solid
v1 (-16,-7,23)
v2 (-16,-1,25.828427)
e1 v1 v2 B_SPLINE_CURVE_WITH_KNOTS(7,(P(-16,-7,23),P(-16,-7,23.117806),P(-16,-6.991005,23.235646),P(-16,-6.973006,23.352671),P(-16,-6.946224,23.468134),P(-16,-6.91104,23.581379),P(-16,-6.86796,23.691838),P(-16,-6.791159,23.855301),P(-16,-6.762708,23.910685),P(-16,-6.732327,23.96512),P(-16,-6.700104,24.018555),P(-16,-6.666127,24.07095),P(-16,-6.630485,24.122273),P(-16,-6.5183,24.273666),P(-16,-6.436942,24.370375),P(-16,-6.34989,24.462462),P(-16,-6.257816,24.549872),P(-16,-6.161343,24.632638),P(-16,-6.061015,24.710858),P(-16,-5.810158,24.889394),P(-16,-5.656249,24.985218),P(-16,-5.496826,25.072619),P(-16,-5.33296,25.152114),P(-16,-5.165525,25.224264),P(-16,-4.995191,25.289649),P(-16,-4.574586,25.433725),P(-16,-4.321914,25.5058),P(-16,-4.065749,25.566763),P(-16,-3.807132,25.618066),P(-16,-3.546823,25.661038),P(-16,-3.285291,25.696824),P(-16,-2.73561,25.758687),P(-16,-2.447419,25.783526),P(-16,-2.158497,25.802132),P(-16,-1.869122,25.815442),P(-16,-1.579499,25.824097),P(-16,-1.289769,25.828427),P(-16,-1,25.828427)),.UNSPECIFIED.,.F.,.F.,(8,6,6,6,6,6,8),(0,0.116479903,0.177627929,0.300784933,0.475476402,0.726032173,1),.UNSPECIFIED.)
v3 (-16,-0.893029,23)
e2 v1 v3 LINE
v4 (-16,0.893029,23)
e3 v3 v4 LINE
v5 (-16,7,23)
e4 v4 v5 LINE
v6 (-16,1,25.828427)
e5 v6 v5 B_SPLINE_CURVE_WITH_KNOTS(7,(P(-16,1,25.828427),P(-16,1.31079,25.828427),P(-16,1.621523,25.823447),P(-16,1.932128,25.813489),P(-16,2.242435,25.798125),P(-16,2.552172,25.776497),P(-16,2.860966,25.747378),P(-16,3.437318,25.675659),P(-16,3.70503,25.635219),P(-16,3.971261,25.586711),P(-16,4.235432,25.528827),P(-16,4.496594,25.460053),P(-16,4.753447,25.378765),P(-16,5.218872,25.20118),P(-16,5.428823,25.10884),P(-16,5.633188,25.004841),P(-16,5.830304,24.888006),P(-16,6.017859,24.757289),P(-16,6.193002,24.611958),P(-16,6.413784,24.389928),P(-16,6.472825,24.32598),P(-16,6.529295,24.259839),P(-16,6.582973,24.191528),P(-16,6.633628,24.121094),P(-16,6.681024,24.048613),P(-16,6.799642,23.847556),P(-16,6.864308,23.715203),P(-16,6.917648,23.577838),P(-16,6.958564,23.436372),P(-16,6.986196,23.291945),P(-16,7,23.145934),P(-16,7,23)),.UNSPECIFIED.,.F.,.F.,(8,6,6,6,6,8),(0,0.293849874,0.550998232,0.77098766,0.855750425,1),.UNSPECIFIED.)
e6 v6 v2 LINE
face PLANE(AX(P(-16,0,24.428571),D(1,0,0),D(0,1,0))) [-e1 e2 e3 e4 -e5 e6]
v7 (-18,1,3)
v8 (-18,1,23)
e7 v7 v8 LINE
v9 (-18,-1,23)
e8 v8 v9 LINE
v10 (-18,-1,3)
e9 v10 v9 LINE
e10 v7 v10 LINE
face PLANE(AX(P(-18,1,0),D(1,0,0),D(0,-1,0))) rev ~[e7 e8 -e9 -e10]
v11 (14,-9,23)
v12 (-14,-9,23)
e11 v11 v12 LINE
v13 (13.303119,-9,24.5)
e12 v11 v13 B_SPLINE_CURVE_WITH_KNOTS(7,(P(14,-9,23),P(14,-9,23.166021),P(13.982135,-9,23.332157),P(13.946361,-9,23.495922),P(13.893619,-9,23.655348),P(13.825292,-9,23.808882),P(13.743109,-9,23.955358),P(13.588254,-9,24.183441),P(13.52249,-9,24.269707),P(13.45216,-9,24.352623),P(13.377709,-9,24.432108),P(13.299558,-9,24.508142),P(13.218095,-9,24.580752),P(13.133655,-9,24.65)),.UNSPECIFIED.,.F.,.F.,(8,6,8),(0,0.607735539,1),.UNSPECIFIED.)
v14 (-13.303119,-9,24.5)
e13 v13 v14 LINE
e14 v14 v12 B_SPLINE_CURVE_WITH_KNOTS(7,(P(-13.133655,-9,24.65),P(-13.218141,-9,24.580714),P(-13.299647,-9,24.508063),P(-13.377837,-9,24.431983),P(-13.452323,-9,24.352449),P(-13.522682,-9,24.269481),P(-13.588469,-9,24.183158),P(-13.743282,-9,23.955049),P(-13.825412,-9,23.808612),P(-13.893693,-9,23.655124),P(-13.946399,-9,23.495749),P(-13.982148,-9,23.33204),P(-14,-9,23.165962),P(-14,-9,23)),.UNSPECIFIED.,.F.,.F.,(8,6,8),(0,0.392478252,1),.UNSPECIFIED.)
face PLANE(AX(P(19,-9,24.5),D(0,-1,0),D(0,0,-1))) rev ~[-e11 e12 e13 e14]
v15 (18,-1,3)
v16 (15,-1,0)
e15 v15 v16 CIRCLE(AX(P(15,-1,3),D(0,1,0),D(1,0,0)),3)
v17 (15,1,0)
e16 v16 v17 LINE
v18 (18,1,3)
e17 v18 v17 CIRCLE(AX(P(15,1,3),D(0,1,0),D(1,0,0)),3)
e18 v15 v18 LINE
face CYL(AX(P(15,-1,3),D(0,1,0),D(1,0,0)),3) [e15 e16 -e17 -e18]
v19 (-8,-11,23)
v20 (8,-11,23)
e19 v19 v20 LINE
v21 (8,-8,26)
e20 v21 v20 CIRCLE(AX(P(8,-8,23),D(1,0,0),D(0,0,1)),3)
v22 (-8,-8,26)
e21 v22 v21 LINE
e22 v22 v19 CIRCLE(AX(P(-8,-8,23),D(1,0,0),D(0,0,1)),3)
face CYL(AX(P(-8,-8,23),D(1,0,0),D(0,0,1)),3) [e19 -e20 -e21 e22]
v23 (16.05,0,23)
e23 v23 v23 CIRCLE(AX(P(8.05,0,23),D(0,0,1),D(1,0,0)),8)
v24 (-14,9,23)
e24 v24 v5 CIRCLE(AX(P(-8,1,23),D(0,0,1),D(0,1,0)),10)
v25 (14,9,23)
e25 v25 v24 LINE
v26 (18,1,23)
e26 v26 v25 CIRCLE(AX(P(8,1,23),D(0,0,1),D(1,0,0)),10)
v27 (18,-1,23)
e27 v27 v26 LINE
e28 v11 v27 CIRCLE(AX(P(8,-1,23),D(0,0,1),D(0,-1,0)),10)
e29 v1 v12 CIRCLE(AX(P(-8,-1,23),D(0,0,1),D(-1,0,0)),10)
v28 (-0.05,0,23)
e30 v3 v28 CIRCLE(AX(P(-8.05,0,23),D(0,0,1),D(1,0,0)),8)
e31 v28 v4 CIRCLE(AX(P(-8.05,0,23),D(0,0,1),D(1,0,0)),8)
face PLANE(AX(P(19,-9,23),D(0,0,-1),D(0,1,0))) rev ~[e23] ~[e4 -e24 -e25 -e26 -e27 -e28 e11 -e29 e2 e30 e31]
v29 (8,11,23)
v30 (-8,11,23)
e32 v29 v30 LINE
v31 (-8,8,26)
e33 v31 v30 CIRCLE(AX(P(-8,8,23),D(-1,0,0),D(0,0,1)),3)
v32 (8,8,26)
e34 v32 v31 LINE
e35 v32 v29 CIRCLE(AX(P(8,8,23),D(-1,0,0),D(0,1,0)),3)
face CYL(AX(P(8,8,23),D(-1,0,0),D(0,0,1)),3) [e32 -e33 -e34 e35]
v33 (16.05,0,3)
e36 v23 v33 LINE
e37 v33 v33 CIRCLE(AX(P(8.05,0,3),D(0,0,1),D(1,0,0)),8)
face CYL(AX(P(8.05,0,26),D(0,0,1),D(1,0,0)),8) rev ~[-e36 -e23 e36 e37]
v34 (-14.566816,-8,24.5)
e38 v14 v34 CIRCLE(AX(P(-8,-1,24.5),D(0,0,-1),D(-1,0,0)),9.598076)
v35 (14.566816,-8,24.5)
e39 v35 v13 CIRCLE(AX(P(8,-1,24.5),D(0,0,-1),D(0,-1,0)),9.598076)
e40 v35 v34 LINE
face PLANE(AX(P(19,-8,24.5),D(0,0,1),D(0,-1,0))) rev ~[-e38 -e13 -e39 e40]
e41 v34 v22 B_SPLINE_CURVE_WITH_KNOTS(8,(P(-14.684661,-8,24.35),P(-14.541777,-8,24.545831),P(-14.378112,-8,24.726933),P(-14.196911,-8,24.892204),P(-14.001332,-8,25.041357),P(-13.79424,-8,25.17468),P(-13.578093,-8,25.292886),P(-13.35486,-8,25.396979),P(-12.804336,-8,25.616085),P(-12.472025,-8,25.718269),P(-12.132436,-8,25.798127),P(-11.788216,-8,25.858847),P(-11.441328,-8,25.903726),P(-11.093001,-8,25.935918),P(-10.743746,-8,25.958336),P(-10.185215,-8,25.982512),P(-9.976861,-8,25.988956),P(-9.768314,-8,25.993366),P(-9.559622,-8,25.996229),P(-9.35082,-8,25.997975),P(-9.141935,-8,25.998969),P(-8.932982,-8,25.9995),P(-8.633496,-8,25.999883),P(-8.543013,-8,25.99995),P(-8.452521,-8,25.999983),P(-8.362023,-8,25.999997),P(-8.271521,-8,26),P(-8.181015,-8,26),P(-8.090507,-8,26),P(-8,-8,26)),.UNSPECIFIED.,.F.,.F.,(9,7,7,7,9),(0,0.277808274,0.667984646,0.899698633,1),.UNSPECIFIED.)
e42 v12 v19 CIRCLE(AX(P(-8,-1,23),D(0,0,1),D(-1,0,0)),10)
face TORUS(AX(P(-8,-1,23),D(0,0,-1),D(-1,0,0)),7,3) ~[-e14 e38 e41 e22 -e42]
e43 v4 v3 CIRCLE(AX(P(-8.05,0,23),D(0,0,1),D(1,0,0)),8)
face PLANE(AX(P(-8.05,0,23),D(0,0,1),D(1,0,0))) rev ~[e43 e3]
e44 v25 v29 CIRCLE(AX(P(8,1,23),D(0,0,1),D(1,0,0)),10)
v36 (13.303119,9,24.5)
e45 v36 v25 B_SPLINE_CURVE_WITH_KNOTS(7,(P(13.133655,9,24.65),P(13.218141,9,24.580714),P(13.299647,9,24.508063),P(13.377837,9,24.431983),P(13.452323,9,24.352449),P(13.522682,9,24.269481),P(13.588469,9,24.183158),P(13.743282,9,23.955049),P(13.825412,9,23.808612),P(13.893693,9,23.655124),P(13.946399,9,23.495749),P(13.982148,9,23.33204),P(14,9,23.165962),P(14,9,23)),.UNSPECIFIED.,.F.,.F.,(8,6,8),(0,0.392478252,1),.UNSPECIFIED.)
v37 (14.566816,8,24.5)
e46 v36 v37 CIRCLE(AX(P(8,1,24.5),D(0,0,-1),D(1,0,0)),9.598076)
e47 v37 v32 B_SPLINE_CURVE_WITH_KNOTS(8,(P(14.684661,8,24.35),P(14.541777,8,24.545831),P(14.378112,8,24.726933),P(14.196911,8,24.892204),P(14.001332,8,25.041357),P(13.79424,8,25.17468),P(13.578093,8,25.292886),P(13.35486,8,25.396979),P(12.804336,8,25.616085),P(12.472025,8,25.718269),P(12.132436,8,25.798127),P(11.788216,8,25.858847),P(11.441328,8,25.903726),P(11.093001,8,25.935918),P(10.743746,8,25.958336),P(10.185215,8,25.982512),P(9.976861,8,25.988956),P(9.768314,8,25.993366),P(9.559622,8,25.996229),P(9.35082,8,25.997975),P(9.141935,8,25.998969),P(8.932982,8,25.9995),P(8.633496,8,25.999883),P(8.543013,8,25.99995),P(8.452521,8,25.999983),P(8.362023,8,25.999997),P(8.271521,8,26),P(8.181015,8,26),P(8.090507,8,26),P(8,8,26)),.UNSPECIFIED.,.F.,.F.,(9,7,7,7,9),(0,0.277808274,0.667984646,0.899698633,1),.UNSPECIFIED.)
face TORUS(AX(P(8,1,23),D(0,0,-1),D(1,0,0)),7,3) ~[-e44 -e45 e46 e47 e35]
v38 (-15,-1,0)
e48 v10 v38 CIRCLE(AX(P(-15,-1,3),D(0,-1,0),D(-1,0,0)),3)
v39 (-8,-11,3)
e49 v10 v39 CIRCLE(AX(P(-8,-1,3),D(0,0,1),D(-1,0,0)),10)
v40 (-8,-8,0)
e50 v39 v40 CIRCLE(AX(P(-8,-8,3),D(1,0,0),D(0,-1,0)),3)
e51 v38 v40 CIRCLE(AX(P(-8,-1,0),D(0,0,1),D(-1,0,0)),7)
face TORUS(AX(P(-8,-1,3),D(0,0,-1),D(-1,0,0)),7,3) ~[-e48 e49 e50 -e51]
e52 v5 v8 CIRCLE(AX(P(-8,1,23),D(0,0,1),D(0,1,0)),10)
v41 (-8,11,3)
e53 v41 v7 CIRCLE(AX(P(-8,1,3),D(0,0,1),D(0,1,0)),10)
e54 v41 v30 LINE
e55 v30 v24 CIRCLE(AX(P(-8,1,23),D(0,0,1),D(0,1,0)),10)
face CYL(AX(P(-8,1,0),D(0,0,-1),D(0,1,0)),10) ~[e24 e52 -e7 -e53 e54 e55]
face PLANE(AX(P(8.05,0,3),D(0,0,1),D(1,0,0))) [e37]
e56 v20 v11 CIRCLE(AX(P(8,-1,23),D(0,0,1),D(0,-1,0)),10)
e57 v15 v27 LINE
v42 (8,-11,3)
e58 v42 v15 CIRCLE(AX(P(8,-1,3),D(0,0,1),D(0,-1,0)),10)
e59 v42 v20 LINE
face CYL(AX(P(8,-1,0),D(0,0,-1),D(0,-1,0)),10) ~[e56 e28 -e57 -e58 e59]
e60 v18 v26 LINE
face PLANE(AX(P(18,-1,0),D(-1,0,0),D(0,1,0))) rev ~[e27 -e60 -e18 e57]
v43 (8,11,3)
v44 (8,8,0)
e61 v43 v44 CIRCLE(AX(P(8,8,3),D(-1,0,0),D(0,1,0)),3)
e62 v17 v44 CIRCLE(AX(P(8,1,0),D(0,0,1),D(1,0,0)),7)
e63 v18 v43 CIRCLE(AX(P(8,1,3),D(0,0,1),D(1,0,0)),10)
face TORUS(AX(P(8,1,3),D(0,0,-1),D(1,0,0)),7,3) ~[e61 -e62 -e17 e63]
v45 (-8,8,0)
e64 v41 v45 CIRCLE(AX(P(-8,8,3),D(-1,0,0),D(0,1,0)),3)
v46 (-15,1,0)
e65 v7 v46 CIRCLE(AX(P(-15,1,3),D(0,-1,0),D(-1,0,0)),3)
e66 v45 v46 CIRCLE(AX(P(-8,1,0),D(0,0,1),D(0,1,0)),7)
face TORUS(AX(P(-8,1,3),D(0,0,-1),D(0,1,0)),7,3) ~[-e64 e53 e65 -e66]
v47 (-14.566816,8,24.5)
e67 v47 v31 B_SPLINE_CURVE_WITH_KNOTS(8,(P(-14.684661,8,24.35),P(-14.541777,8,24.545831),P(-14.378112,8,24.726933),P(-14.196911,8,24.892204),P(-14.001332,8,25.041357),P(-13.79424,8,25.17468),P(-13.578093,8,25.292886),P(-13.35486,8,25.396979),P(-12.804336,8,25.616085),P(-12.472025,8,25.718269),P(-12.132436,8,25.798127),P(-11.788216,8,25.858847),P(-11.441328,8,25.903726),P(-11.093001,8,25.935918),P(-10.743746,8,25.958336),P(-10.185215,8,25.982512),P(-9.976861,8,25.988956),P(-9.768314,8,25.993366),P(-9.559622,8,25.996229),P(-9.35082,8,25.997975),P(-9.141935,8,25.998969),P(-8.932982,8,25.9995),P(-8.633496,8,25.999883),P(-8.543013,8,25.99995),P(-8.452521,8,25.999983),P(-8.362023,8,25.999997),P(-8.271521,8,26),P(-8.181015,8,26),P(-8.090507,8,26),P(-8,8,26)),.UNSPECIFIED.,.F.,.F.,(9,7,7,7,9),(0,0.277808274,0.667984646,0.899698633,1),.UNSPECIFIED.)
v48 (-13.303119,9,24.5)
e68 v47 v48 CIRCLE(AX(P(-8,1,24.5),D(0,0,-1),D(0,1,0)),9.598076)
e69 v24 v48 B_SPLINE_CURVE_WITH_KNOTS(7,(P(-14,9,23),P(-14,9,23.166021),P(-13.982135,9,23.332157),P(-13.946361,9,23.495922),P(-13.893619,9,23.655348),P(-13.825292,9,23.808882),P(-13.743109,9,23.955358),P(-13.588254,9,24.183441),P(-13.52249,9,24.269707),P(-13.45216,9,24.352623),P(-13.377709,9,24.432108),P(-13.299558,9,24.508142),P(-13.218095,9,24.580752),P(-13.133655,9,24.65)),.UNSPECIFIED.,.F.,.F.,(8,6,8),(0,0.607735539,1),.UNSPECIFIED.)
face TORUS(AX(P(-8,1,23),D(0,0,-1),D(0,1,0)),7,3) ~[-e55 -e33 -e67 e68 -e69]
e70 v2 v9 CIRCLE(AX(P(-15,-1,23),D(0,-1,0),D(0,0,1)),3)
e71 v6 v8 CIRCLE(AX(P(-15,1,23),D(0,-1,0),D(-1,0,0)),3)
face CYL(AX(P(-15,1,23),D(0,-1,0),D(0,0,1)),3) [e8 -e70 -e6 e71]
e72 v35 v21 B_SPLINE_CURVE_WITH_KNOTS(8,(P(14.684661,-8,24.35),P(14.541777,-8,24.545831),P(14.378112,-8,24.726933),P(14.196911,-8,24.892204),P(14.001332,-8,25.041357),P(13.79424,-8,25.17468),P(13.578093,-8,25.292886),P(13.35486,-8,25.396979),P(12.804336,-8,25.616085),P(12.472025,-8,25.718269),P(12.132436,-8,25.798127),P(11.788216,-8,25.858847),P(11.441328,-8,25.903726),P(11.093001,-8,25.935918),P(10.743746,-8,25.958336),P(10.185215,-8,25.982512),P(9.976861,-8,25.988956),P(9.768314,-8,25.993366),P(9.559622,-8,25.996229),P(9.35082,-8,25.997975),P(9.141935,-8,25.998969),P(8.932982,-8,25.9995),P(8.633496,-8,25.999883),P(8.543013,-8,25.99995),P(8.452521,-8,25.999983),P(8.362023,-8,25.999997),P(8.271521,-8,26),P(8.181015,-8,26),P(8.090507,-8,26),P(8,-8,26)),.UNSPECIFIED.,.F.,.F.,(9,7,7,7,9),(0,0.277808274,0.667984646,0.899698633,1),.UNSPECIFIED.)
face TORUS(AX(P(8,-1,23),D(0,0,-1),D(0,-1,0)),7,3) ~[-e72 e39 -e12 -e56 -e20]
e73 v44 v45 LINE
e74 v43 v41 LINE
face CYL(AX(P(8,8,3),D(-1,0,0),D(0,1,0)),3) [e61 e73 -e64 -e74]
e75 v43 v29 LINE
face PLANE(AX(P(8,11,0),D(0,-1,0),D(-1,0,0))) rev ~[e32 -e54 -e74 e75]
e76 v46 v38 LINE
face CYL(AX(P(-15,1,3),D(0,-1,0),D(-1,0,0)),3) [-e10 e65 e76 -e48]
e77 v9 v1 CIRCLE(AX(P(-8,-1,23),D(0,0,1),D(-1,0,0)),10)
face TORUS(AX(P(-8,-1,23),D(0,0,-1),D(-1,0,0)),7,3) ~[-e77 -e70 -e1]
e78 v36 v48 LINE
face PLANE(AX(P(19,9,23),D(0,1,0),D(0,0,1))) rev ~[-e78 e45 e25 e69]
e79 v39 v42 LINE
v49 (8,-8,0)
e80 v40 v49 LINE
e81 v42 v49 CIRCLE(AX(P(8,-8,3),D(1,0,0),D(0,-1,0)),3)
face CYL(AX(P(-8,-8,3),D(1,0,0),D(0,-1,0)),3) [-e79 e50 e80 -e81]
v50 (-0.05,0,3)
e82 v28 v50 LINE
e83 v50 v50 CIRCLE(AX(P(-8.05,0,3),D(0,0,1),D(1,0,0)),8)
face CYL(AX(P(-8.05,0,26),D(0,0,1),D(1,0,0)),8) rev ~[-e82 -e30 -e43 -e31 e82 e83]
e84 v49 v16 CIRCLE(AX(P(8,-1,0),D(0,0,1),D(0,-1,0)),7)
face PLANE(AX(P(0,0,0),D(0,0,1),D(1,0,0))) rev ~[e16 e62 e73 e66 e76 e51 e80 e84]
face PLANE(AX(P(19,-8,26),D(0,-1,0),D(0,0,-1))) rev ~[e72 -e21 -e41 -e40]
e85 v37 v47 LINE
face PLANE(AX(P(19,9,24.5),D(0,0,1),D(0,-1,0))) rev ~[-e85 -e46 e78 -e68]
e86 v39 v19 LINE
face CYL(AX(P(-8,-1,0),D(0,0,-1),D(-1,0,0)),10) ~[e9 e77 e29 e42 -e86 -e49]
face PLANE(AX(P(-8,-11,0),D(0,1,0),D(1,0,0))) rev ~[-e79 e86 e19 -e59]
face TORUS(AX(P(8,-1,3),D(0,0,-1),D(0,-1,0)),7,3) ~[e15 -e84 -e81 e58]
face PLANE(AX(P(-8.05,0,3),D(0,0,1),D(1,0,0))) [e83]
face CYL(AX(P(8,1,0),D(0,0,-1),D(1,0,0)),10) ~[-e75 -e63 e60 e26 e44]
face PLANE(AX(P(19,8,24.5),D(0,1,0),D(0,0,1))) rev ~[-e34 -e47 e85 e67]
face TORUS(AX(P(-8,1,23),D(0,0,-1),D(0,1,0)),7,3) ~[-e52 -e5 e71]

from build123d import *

# Parameters (mm, degrees)
F1_DEPTH  = 26
F2_R      = 3
F3_R      = 8
F4_DEPTH  = 23
F6_R      = 8
F7_DEPTH  = 3
F8_R      = 3
F11_DEPTH = 35


with BuildPart() as f1:
    # F0 (on Top) → F1 (new body)
    with BuildSketch(Plane.XY):
        with BuildLine():
            Line((-8, -11), (8, -11))
            ThreePointArc((8, -11), (15.0710678119, -8.0710678119), (18, -1))
            Line((18, -1), (18, 1))
            ThreePointArc((18, 1), (15.0710678119, 8.0710678119), (8, 11))
            Line((8, 11), (-8, 11))
            ThreePointArc((-8, 11), (-15.0710678119, 8.0710678119), (-18, 1))
            Line((-18, 1), (-18, -1))
            ThreePointArc((-18, -1), (-15.0710678119, -8.0710678119), (-8, -11))
        make_face()
    extrude(amount=F1_DEPTH)

    # F2
    f2_edges = [f1.edges().sort_by_distance(p)[0] for p in [
        (0, -11, 0),
        (15.071068, -8.071068, 0),
        (18, 0, 0),
        (15.071068, 8.071068, 0),
        (0, 11, 0),
        (-15.071068, 8.071068, 0),
        (-18, 0, 0),
        (-15.071068, -8.071068, 0),
    ]]
    fillet(f2_edges, radius=F2_R)

    # F3 (on face) → F4 (cut)
    with BuildSketch(Plane.XY.offset(26)):
        with Locations((8.05, 0)):
            Circle(F3_R)
        with Locations((-8.05, 0)):
            Circle(F3_R)
    extrude(amount=-F4_DEPTH, mode=Mode.SUBTRACT)

    # F6 (on offset) → F7 (join, through all)
    with BuildSketch(Plane.XY.offset(23)):
        with Locations((-8.05, 0)):
            Circle(F6_R)
        with Locations((8.05, 0)):
            Circle(F6_R)
    extrude(amount=F7_DEPTH)

    # F8
    f8_edges = [f1.edges().sort_by_distance(p)[0] for p in [
        (0, -11, 26),
        (15.071068, -8.071068, 26),
        (18, 0, 26),
        (15.071068, 8.071068, 26),
        (0, 11, 26),
        (-15.071068, 8.071068, 26),
        (-18, 0, 26),
        (-15.071068, -8.071068, 26),
    ]]
    fillet(f8_edges, radius=F8_R)

    # F10 (on offset) → F11 (cut)
    with BuildSketch(Plane.YZ.offset(19)):
        Polygon((-1, 26), (-8, 26), (-8, 24.5), (-9, 24.5), (-9, 23), (-8, 23), (8, 23), (9, 23), (9, 24.5), (8, 24.5), (8, 26), (1, 26), align=None)
    extrude(amount=-F11_DEPTH, mode=Mode.SUBTRACT)


solid = f1.part
